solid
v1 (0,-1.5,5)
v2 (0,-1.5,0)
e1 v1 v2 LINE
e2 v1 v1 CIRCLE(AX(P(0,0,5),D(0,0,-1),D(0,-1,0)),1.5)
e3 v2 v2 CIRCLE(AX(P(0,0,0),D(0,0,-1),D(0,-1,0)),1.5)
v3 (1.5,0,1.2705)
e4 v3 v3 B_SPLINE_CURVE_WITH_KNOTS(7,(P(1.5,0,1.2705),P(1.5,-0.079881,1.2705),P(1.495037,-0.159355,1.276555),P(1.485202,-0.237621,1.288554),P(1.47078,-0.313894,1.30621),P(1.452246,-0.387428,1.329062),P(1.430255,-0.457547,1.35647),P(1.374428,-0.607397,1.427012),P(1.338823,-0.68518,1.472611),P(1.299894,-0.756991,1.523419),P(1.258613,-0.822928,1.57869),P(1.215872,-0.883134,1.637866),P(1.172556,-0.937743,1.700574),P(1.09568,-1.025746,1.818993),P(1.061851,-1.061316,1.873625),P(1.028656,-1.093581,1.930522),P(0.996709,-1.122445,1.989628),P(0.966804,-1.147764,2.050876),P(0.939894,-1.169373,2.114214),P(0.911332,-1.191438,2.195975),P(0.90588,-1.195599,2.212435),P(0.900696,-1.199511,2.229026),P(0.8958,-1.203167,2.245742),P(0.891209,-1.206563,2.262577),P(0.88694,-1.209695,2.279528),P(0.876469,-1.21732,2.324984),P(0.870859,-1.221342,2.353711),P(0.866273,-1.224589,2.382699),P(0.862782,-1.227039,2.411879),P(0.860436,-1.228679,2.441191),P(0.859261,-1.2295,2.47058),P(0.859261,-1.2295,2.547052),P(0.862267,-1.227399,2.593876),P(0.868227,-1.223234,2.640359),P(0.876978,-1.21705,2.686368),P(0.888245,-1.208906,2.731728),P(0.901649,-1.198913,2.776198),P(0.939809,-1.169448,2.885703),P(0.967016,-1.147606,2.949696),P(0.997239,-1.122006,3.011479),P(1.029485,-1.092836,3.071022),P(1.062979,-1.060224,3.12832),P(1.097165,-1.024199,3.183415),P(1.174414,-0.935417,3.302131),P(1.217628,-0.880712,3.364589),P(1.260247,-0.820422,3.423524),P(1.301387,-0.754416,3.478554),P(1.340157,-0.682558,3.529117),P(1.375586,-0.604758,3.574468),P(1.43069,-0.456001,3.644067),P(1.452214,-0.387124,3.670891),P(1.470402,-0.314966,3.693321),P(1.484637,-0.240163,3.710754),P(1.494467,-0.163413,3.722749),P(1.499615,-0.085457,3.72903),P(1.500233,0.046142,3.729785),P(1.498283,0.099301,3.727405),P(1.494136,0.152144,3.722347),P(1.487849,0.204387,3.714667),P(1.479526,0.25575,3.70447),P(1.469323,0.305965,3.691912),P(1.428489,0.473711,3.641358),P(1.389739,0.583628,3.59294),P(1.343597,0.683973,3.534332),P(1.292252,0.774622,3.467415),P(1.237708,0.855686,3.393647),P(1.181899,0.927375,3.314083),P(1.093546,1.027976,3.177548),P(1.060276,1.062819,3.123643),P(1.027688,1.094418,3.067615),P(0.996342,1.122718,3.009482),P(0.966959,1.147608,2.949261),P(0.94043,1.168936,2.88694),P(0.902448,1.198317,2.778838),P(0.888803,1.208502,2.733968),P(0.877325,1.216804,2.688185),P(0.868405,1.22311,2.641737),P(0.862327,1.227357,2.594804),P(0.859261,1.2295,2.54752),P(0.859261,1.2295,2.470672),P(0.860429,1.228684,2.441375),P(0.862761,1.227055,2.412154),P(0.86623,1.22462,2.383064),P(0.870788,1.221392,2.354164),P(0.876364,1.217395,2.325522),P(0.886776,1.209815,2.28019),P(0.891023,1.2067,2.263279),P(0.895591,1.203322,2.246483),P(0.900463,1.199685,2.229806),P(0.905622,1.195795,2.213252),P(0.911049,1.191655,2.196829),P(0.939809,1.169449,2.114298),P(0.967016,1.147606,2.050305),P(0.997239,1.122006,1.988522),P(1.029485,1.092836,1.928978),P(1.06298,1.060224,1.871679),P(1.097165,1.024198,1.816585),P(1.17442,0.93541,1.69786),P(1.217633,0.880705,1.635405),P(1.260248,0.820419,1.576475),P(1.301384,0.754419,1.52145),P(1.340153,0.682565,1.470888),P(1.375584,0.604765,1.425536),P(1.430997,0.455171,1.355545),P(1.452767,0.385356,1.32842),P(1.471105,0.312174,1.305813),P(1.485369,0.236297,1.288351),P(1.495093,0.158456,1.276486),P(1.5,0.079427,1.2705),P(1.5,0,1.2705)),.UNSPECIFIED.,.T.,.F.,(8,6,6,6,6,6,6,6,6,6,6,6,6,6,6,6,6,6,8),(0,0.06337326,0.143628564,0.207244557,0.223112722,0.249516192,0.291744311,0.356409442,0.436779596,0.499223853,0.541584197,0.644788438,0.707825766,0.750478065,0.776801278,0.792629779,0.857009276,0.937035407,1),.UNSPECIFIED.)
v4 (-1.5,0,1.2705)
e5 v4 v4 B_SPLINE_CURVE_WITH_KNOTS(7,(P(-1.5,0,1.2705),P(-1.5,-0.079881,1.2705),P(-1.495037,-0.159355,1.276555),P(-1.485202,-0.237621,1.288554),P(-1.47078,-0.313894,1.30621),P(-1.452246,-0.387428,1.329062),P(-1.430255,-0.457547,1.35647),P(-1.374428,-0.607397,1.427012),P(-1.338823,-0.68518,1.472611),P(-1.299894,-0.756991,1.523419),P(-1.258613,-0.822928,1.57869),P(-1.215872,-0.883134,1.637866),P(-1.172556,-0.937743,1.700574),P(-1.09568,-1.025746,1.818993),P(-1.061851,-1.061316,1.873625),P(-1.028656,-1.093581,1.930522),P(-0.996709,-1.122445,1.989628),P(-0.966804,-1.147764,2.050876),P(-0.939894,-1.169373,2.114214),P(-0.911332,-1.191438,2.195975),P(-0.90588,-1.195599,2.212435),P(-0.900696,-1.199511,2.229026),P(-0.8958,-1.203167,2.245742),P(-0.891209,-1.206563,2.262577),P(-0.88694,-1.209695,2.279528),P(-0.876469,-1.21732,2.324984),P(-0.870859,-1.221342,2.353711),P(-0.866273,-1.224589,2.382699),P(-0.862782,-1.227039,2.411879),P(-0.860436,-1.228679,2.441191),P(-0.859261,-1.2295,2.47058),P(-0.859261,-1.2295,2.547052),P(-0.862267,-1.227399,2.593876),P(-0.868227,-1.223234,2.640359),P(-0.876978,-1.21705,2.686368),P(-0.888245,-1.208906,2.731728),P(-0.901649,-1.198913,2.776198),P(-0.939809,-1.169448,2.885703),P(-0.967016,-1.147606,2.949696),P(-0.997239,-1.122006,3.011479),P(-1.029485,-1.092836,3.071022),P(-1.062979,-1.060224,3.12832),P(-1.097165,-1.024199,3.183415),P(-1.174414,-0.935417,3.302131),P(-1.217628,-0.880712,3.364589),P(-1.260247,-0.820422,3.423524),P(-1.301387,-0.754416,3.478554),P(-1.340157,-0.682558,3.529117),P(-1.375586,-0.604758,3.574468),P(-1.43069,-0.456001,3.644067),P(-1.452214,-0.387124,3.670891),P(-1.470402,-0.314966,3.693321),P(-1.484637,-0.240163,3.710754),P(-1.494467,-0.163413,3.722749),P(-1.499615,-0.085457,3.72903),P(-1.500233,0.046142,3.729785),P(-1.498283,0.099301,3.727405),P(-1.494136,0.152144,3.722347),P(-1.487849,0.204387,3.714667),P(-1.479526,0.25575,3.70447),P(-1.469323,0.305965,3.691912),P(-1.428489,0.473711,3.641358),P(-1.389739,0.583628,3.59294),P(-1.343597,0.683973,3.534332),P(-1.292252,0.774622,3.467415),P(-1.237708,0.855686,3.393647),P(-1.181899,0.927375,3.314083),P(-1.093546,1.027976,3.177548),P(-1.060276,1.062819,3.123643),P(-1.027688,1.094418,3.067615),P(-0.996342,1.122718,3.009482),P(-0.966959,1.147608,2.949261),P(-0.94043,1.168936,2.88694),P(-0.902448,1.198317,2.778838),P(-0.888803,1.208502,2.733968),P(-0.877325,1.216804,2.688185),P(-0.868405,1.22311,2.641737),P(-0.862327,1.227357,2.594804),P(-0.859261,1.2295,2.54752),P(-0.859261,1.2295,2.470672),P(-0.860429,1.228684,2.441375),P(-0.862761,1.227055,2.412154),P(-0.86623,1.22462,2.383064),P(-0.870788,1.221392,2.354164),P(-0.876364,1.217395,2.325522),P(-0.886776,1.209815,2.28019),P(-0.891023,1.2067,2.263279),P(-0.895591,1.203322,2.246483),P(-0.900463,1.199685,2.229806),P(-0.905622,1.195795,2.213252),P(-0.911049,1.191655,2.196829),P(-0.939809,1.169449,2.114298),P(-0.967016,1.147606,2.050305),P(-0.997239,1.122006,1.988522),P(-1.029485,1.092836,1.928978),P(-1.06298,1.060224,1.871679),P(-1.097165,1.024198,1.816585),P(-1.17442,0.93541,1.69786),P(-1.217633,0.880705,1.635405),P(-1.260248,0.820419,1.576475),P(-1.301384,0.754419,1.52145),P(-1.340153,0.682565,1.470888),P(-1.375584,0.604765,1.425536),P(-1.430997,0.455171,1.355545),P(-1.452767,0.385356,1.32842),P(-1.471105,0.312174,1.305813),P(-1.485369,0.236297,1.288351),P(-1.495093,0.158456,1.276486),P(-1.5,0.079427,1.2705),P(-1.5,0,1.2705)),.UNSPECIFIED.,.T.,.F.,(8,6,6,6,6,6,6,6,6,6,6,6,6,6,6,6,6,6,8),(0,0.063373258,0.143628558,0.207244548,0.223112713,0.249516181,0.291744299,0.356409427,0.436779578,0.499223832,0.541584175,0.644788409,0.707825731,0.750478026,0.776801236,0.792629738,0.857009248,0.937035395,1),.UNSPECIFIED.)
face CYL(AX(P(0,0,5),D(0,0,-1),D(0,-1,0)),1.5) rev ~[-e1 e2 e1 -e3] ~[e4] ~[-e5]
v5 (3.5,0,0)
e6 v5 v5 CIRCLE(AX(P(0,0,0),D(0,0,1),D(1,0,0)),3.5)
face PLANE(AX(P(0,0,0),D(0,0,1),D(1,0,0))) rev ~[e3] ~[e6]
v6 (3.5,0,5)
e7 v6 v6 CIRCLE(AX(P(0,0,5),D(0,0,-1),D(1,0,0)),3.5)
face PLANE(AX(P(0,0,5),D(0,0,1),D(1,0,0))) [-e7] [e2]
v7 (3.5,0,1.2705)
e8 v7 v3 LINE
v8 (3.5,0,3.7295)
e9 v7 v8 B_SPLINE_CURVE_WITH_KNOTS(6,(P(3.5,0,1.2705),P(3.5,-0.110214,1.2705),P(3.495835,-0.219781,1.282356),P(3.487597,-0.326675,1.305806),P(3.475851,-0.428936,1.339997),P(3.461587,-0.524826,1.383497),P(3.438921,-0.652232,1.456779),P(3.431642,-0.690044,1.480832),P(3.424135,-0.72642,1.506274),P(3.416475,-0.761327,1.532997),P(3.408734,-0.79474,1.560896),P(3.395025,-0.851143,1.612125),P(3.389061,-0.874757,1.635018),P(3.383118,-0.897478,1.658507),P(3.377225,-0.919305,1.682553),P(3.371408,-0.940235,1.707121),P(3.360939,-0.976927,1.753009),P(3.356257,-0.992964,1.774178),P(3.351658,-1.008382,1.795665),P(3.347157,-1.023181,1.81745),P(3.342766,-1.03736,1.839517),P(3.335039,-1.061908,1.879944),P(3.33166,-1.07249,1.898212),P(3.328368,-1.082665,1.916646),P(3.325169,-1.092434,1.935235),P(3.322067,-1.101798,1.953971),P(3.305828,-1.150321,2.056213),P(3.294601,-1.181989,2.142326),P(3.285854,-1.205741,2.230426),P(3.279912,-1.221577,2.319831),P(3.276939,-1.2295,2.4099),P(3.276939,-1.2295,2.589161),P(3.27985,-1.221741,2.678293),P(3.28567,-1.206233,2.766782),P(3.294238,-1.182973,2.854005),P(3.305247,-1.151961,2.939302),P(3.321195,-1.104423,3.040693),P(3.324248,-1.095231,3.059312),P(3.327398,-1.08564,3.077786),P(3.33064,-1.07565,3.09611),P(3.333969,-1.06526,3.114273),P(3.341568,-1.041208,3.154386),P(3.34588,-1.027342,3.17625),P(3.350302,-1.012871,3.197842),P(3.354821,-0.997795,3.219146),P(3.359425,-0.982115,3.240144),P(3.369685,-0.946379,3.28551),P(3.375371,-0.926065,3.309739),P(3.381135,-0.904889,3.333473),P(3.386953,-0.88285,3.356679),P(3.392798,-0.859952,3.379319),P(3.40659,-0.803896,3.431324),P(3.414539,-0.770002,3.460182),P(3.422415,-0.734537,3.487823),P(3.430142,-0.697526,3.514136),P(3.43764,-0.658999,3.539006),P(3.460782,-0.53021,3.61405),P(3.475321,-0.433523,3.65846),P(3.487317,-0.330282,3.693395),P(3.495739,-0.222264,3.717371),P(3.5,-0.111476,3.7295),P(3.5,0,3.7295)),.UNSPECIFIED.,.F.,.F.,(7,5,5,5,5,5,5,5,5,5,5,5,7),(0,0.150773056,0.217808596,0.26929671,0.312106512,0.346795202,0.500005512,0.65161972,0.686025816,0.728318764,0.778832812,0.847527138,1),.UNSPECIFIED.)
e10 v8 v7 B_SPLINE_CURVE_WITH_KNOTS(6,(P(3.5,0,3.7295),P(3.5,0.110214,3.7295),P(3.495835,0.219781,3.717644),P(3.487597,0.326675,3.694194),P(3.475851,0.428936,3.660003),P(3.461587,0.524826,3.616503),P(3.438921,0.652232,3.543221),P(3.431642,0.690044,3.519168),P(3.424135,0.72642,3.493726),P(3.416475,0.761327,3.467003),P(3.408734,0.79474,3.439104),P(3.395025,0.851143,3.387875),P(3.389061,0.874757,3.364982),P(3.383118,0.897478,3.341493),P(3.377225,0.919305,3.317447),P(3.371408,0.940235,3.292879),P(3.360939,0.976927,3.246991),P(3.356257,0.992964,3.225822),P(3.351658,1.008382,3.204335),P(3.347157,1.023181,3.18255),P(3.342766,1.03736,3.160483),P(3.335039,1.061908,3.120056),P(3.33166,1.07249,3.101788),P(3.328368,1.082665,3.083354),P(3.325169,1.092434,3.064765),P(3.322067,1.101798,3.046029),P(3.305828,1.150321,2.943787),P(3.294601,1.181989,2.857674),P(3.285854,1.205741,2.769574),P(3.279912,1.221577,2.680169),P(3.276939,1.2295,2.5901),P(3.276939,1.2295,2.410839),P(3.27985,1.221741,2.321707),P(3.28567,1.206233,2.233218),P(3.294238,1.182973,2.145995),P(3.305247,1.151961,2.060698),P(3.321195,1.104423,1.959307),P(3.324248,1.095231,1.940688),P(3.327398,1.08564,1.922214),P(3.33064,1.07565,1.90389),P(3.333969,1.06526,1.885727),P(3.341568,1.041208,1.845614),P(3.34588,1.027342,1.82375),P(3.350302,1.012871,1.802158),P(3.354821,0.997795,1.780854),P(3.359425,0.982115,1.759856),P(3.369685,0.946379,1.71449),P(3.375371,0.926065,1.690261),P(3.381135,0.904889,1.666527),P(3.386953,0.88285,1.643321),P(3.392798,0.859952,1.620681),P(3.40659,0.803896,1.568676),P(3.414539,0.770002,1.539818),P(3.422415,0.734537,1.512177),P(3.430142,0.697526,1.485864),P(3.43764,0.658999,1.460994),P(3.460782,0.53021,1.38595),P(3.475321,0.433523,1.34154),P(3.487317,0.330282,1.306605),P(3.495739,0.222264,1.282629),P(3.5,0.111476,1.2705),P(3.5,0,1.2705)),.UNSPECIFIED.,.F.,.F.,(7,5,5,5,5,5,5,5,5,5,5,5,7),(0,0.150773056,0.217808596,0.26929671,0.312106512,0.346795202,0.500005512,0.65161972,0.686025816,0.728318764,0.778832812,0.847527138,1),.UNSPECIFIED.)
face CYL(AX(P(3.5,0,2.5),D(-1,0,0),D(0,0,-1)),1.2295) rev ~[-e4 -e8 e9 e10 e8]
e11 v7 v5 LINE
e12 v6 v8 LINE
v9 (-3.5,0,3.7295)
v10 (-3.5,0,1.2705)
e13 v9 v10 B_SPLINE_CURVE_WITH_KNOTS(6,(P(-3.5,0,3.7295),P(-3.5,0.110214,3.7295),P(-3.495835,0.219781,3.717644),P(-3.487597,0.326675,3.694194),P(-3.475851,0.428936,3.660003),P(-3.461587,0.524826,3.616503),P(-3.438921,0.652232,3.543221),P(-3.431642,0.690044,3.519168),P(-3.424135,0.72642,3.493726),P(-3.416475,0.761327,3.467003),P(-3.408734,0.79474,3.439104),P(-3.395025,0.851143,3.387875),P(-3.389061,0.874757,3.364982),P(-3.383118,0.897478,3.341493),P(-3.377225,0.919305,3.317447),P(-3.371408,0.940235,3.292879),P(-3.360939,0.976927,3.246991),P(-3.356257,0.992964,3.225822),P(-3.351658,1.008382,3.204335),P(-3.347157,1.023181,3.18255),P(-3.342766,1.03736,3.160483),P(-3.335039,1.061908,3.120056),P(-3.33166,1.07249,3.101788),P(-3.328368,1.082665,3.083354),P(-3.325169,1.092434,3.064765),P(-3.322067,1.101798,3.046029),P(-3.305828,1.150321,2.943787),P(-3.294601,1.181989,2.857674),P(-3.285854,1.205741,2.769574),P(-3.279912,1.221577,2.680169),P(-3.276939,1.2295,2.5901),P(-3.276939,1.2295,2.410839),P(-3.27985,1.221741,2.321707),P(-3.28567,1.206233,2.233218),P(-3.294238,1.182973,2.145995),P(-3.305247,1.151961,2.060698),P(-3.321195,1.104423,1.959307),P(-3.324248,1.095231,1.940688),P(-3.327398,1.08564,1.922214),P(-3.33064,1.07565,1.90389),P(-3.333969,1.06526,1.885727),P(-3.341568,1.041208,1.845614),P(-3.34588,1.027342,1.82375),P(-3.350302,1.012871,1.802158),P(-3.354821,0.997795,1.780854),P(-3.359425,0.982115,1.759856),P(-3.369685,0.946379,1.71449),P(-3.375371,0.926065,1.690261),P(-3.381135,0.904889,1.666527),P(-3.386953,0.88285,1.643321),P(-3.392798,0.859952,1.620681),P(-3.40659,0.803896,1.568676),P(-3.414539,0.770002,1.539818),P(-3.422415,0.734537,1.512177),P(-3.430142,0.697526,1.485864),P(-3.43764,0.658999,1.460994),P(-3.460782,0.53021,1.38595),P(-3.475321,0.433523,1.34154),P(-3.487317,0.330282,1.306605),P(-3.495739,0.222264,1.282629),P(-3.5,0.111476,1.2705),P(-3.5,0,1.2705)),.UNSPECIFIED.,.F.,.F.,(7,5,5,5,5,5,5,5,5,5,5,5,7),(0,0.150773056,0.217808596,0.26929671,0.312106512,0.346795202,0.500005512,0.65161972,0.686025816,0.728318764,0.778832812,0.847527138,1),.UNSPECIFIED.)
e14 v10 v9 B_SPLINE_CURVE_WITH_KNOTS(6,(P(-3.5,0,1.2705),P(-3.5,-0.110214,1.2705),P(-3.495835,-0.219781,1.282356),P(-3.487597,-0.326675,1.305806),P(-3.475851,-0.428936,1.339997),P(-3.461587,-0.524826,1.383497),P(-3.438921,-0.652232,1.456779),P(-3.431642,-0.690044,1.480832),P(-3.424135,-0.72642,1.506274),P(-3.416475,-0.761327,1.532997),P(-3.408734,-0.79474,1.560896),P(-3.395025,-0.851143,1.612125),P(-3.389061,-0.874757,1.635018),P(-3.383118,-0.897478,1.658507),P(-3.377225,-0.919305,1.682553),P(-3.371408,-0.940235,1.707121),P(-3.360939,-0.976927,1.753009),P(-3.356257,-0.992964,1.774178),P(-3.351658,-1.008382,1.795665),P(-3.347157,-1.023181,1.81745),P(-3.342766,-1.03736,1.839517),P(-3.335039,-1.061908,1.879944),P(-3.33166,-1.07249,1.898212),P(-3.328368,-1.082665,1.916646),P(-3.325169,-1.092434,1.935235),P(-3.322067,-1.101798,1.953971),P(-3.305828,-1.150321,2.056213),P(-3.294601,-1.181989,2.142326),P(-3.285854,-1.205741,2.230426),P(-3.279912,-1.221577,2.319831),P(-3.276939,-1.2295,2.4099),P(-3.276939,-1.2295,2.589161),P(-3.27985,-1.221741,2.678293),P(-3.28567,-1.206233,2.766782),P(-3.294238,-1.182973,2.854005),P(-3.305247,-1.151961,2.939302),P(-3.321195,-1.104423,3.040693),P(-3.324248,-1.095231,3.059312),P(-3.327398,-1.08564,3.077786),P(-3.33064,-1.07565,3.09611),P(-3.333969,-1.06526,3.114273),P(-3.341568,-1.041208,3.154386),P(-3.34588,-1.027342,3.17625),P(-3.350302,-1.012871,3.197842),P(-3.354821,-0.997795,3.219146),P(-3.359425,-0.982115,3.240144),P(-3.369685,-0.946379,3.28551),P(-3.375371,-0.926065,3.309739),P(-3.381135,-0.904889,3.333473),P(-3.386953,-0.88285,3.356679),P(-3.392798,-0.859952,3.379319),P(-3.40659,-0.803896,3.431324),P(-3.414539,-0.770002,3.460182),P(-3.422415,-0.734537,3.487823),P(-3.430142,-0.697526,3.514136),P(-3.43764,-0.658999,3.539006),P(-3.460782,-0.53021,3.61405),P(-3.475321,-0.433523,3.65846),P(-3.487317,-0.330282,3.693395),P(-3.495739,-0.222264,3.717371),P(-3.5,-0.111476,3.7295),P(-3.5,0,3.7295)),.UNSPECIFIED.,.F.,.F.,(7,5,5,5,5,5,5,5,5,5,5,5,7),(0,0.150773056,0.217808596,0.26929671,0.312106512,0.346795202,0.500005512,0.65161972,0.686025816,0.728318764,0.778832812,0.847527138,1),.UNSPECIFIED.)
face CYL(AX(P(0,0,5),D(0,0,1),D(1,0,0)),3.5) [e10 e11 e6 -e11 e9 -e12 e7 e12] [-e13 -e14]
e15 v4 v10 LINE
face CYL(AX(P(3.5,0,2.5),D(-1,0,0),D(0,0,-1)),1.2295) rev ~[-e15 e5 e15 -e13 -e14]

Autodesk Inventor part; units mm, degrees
ref_plane "YZ Plane" through (0, 0, 0) normal (1, 0, 0) x (0, 1, 0)
ref_plane "XZ Plane" through (0, 0, 0) normal (0, 1, 0) x (-1, 0, 0)
ref_plane "XY Plane" through (0, 0, 0) normal (0, 0, 1) x (1, 0, 0)
sketch "スケッチ1" plane through (0, 0, 0) normal (0, 0, 1) x (1, 0, 0)
  line L0 (-3.5, 3.5) -> (3.5, 3.5)
  line L1 (3.5, 3.5) -> (3.5, -3.5)
  line L2 (3.5, -3.5) -> (-3.5, -3.5)
  line L3 (-3.5, -3.5) -> (-3.5, 3.5)
  line L4 (-3.5, 3.5) -> (3.5, -3.5) construction
  line L5 (3.5, 3.5) -> (-3.5, -3.5) construction
  point P0 (0, 0)
  dimension "d0" = 7
  dimension "d2" = 7
extrude "押し出し1" add sketch "スケッチ1" along normal blind 5
sketch "スケッチ2" plane through (3.5, -3.5, 0) normal (1, 0, 0) x (0, 0, -1)
  line L0 (-5, 0) -> (-5, 7) projected
  line L1 (0, 0) -> (-5, 0) projected
  point P0 (0, 3.5)
  point P1 (-2.5, 3.5)
  dimension "d5" = 2.5
  dimension "d6" = 3.5
hole "穴1" at (3.5, 0, 2.5) direction (-1, 0, 0) diameter 2.459 end through all thread size "M3x0.5" class "6H" standard "ANSI Metric M Profile"
sketch "スケッチ3" plane through (0, 0, 5) normal (0, 0, 1) x (1, 0, 0)
  line L0 (3.5, 3.5) -> (-3.5, 3.5) projected
  line L1 (-3.5, 3.5) -> (-3.5, -3.5) projected
  line L2 (-3.5, -3.5) -> (3.5, -3.5) projected
  line L3 (3.5, -3.5) -> (3.5, 3.5) projected
  circle A0 centre (0, 0) radius 3.5
  point P0 (0, 0)
extrude "押し出し2" cut sketch "スケッチ3" against normal blind 5 contours L3 A0 L0 | A0 L1 L0 | L3 L2 A0 | A0 L2 L1
sketch "スケッチ4" plane through (0, 0, 5) normal (0, 0, 1) x (1, 0, 0)
  circle A0 centre (0, 0) radius 3.5 projected
  circle A1 centre (0, 0) radius 1.5
  dimension "d16" = 3
hole "穴2" at (0, 0, 5) at (0, 0, 5) direction (0, 0, -1) diameter 3 end through all
properties part number "sttopa" material "アルミニウム 2014-T4"
